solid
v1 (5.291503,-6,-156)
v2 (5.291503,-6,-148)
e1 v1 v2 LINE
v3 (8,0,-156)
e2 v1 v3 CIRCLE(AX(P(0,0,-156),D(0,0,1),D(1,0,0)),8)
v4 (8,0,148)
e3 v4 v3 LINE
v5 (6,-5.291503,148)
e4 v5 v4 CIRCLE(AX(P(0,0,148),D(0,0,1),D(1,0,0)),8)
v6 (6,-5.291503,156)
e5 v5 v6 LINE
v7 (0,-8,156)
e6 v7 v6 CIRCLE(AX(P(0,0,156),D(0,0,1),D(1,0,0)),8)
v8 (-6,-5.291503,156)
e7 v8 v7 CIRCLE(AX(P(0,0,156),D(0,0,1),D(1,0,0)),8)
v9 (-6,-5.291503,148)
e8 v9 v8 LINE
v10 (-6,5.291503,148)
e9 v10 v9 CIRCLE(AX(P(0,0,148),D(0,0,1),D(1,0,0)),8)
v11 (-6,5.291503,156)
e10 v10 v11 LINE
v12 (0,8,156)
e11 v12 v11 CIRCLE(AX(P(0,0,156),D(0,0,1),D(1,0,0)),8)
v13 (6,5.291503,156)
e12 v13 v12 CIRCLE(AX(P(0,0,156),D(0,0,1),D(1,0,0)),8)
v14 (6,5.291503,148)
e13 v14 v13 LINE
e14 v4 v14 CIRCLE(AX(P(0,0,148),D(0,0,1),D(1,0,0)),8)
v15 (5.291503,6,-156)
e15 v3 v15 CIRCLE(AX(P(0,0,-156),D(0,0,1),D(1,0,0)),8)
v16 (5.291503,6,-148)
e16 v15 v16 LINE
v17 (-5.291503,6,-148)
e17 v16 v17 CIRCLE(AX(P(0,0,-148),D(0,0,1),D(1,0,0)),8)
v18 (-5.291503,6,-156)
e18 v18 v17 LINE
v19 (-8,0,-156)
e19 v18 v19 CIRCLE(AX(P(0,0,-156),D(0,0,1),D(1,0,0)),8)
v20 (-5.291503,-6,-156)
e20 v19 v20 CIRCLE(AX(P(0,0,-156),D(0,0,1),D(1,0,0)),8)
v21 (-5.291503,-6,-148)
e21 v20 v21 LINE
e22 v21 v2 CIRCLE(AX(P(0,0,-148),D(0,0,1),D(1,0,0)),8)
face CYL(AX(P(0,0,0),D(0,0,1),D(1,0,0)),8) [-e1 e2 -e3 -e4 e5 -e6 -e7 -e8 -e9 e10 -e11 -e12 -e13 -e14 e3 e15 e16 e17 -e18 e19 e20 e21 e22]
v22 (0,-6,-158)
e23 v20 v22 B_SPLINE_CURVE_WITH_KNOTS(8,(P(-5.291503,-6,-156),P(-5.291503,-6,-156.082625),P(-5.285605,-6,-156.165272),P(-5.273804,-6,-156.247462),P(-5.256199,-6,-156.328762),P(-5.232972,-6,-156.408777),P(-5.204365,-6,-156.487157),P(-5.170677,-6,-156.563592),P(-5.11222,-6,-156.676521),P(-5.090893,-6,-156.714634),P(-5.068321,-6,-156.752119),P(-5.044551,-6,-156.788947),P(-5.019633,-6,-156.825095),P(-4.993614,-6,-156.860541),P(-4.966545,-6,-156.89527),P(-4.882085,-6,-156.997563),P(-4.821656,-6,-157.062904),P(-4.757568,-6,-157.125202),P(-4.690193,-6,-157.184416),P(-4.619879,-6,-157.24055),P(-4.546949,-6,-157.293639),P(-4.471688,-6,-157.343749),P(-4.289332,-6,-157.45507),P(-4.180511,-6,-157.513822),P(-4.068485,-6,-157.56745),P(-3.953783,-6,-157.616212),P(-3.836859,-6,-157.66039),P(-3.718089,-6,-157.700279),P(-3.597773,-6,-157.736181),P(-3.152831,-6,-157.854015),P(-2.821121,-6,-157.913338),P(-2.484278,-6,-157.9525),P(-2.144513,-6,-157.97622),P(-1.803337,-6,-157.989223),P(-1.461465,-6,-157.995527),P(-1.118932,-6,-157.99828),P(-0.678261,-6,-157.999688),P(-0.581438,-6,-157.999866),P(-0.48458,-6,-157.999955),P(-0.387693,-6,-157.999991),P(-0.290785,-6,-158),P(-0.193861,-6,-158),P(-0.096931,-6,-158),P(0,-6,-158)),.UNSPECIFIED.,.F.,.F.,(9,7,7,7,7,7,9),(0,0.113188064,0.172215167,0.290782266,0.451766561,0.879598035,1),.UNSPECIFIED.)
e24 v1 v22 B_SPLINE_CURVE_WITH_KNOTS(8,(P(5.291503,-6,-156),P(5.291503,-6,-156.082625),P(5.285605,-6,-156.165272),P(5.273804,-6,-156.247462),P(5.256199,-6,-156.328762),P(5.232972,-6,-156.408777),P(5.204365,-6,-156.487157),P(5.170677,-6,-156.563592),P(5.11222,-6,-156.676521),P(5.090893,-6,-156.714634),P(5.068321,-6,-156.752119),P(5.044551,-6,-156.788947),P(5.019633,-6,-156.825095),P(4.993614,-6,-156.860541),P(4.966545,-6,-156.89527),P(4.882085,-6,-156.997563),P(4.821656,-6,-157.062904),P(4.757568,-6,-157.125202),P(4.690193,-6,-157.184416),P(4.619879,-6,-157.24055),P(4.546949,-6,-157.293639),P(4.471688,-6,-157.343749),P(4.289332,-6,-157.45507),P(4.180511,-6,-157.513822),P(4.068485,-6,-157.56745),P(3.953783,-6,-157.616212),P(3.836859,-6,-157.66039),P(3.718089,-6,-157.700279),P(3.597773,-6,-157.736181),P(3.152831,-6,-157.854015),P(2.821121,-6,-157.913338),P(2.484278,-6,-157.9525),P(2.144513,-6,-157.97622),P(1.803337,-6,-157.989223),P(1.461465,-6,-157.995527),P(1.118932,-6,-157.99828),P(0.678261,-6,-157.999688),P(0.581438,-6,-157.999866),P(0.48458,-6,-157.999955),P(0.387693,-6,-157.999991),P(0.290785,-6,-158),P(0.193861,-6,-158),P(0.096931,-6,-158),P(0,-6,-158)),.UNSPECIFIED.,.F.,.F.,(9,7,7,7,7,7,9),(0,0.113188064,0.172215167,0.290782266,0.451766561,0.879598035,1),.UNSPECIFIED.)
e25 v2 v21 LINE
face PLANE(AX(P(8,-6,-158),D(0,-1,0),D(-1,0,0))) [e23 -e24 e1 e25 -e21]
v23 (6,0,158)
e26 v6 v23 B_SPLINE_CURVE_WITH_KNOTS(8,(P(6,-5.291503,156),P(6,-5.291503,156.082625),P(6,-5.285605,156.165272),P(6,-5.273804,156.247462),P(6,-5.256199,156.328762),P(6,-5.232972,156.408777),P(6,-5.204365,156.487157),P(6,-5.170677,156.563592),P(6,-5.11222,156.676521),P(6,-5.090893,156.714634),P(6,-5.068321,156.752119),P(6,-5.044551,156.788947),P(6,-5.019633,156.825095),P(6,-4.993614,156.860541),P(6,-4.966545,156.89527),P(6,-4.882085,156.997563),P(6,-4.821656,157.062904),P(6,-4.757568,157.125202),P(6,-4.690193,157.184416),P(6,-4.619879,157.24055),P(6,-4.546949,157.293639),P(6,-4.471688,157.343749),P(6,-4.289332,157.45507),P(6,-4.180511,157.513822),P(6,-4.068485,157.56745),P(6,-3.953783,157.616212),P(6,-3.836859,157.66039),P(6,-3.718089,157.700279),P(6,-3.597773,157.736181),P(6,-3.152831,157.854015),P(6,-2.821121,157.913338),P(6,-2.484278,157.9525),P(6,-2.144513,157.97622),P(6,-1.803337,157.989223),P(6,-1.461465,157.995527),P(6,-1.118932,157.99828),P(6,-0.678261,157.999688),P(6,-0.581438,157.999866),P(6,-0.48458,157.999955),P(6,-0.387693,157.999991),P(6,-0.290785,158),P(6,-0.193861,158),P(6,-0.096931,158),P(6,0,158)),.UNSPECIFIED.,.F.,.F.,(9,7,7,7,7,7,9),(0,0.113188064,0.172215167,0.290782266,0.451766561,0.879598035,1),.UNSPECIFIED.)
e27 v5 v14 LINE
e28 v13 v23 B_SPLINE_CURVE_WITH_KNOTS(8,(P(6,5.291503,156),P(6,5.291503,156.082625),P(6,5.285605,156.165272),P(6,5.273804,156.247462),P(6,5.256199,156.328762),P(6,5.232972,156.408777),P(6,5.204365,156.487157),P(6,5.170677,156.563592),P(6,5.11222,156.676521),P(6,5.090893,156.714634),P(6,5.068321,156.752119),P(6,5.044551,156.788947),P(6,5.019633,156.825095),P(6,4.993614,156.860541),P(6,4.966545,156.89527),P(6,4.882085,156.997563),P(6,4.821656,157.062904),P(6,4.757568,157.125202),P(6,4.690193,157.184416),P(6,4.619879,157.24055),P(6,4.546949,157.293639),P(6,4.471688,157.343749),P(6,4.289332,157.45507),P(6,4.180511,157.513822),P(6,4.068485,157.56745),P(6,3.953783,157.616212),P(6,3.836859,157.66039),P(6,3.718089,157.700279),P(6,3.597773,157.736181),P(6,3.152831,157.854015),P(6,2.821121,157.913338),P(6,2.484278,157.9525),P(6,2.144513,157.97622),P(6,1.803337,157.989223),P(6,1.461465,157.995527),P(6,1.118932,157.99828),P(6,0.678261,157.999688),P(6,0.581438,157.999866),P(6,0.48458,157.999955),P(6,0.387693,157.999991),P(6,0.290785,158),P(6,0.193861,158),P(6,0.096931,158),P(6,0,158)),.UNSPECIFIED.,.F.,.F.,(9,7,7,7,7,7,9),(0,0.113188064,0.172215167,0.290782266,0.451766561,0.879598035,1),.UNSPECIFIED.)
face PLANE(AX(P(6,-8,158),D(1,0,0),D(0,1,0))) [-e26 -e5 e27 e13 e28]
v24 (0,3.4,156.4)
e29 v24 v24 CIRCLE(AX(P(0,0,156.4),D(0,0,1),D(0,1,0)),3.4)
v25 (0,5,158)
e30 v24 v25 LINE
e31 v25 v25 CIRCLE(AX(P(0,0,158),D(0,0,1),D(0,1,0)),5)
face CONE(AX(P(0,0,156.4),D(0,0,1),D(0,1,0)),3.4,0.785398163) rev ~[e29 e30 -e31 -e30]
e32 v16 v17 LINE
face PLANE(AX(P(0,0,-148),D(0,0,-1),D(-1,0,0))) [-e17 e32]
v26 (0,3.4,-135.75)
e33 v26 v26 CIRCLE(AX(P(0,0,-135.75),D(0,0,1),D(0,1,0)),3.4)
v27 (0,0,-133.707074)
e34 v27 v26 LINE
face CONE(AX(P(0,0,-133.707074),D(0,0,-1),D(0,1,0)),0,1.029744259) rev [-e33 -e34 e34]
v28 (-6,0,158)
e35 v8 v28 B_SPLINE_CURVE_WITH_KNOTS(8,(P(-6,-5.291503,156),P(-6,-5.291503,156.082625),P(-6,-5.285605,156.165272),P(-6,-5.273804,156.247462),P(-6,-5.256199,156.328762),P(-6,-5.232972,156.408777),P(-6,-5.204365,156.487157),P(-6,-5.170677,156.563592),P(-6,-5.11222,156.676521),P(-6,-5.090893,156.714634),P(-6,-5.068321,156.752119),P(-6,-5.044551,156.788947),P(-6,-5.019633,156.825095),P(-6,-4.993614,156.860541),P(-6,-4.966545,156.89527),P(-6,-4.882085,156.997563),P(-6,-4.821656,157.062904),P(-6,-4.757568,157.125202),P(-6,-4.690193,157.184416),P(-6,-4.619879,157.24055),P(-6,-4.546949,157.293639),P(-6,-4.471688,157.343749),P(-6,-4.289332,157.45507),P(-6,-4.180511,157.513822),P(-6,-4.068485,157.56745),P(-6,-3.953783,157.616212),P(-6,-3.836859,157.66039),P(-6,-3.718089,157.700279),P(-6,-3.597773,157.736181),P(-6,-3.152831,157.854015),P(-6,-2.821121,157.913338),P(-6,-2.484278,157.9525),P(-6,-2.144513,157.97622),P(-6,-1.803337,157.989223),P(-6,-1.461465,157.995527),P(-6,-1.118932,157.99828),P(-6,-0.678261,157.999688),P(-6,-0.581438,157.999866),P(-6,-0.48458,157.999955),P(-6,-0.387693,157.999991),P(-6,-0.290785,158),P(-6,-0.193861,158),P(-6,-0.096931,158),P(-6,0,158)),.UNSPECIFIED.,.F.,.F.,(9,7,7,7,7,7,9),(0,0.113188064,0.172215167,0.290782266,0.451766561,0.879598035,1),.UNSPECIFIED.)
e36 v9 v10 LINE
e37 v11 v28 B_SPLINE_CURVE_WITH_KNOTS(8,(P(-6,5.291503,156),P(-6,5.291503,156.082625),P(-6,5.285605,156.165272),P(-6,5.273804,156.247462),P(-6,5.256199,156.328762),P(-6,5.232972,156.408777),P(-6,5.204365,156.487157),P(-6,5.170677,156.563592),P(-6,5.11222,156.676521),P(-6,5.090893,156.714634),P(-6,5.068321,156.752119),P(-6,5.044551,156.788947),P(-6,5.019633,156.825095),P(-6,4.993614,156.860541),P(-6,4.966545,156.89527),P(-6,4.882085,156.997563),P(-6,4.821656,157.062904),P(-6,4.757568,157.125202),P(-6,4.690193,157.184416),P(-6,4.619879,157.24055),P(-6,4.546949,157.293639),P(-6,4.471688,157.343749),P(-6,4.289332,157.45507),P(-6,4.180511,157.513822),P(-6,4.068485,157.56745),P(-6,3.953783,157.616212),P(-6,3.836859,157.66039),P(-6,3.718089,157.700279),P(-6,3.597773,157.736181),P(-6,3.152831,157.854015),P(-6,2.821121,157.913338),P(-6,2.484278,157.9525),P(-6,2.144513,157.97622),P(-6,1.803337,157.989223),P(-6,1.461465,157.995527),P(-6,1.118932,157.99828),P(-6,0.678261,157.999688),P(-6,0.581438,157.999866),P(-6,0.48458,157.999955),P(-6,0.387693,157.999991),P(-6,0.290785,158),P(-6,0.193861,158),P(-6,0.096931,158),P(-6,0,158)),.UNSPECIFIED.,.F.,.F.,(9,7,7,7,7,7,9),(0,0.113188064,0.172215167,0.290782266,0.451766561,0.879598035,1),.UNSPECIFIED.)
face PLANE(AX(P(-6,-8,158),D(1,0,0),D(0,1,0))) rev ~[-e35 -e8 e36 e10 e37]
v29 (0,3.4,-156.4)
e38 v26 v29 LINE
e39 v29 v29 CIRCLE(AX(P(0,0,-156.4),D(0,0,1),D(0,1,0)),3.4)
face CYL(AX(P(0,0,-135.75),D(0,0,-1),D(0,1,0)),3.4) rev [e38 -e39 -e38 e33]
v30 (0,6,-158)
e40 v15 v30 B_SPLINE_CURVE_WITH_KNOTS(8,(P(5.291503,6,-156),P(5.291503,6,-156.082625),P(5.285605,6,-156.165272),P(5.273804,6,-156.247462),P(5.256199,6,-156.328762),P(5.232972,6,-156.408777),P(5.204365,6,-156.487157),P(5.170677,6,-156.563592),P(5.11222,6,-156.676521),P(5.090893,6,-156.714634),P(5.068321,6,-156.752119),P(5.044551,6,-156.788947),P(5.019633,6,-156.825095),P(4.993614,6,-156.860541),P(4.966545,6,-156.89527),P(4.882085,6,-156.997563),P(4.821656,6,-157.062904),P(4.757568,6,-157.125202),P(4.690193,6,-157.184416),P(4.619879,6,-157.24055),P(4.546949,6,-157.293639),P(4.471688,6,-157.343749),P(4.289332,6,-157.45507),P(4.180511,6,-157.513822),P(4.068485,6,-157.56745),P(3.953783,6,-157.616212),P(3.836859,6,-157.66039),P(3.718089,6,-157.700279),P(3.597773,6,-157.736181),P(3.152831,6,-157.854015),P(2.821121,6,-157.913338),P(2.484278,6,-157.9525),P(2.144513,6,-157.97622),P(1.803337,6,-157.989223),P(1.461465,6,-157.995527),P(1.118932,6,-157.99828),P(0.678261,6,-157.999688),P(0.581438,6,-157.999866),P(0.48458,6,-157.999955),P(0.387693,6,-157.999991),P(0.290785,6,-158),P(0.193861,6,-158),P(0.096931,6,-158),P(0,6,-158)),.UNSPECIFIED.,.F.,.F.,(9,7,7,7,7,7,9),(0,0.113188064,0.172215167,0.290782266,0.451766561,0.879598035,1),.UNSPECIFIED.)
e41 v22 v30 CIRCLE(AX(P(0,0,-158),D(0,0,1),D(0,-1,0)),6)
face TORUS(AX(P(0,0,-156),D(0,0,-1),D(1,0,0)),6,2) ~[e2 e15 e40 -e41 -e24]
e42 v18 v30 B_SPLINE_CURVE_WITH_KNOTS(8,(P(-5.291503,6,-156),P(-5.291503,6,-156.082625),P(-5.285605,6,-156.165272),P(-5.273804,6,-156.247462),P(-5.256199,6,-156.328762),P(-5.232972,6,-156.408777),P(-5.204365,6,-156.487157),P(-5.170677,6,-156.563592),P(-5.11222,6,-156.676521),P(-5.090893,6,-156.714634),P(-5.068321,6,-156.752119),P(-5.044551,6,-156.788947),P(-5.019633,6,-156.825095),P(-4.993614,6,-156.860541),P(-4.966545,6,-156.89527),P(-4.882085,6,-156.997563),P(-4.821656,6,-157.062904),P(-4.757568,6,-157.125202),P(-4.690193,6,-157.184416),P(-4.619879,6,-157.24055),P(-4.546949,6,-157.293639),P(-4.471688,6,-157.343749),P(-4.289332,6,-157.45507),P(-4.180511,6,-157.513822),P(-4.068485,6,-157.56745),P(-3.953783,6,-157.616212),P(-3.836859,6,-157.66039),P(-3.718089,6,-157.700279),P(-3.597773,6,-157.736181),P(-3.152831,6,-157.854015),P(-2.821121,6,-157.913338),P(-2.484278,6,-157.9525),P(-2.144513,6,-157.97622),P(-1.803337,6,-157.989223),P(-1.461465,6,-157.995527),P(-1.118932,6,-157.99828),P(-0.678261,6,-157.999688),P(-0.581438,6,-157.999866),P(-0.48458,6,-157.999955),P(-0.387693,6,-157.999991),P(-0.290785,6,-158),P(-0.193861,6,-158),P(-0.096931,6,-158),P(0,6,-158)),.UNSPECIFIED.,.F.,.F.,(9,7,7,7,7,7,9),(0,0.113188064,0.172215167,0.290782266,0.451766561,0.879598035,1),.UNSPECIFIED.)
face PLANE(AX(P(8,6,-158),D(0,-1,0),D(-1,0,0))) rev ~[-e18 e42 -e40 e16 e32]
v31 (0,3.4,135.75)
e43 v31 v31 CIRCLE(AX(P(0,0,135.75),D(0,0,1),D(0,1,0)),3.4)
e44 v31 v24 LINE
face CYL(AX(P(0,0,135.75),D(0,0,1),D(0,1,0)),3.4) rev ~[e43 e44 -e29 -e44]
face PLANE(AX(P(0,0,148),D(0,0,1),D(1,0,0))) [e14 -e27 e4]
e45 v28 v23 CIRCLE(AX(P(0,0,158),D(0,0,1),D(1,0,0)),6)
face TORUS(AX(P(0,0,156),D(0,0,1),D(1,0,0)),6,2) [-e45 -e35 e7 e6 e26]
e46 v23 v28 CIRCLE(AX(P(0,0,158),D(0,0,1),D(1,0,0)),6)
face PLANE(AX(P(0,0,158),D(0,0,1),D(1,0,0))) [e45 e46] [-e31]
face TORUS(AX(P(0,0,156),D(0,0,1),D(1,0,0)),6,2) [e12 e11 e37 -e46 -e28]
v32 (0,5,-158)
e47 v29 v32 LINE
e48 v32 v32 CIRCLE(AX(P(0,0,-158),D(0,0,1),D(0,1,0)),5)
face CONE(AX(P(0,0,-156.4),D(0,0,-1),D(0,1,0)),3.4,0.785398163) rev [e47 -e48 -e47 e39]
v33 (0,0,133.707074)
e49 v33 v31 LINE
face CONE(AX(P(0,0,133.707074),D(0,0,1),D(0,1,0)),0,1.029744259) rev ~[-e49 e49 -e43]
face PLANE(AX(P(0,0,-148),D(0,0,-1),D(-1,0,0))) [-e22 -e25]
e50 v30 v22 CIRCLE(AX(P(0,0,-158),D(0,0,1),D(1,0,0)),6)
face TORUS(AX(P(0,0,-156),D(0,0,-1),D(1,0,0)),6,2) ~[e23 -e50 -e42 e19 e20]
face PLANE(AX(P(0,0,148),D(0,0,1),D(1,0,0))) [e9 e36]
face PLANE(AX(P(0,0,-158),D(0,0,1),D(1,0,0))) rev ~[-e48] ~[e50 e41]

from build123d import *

# Parameters (mm, degrees)
ESQUISSE1_R             = 8
BOSS_EXTRU_1_DEPTH      = 158
CONG_1_R                = 2
ESQUISSE4_OUTSIDE_W     = 81.362
ESQUISSE4_OUTSIDE_H     = 81.362
ESQUISSE4_OUTSIDE_W_2   = 16
ESQUISSE4_OUTSIDE_H_2   = 12
ENL_V_MAT_EXTRU_1_DEPTH = 10
ESQUISSE5_OUTSIDE_W     = 81.362
ESQUISSE5_OUTSIDE_H     = 81.362
ESQUISSE5_OUTSIDE_W_2   = 12
ESQUISSE5_OUTSIDE_H_2   = 16
ENL_V_MAT_EXTRU_2_DEPTH = 10


with BuildPart() as part:
    # Esquisse1 → Boss.-Extru.1 (new body, symmetric)
    with BuildSketch(Plane.XY):
        Circle(ESQUISSE1_R)
    extrude(amount=BOSS_EXTRU_1_DEPTH, both=True)

    # Congé1
    cong_1_edges = [part.edges().sort_by_distance(p)[0] for p in [
        (-8, 0, -158),
        (-8, 0, 158),
    ]]
    fillet(cong_1_edges, radius=CONG_1_R)

    # Esquisse2 → Trou taraudé M81 (revolve, cut)
    with BuildSketch(Plane(origin=(0, 0, -158), x_dir=(0, 1, 0), z_dir=(1, 0, 0))):
        Polygon((0, 0), (0, 24.292926105), (3.4, 22.25), (3.4, 1.6), (5, 0), align=None)
    trou_taraud_m81 = revolve(axis=Axis((0, 0, -164.35), (0, 0, 1)), mode=Mode.SUBTRACT)

    # Symétrie5: Trou taraudé M81 across plane
    add(trou_taraud_m81.mirror(Plane.XY), mode=Mode.SUBTRACT)

    # Esquisse4 outside → Enlèv. mat.-Extru.1 (cut)
    with BuildSketch(Plane(origin=(0, 0, -158), x_dir=(-1, 0, 0), z_dir=(0, 0, -1))):
        Rectangle(ESQUISSE4_OUTSIDE_W, ESQUISSE4_OUTSIDE_H)
        Rectangle(ESQUISSE4_OUTSIDE_W_2, ESQUISSE4_OUTSIDE_H_2, mode=Mode.SUBTRACT)
    extrude(amount=-ENL_V_MAT_EXTRU_1_DEPTH, mode=Mode.SUBTRACT)

    # Esquisse5 outside → Enlèv. mat.-Extru.2 (cut)
    with BuildSketch(Plane.XY.offset(158)):
        Rectangle(ESQUISSE5_OUTSIDE_W, ESQUISSE5_OUTSIDE_H)
        Rectangle(ESQUISSE5_OUTSIDE_W_2, ESQUISSE5_OUTSIDE_H_2, mode=Mode.SUBTRACT)
    extrude(amount=-ENL_V_MAT_EXTRU_2_DEPTH, mode=Mode.SUBTRACT)


solid = part.part
